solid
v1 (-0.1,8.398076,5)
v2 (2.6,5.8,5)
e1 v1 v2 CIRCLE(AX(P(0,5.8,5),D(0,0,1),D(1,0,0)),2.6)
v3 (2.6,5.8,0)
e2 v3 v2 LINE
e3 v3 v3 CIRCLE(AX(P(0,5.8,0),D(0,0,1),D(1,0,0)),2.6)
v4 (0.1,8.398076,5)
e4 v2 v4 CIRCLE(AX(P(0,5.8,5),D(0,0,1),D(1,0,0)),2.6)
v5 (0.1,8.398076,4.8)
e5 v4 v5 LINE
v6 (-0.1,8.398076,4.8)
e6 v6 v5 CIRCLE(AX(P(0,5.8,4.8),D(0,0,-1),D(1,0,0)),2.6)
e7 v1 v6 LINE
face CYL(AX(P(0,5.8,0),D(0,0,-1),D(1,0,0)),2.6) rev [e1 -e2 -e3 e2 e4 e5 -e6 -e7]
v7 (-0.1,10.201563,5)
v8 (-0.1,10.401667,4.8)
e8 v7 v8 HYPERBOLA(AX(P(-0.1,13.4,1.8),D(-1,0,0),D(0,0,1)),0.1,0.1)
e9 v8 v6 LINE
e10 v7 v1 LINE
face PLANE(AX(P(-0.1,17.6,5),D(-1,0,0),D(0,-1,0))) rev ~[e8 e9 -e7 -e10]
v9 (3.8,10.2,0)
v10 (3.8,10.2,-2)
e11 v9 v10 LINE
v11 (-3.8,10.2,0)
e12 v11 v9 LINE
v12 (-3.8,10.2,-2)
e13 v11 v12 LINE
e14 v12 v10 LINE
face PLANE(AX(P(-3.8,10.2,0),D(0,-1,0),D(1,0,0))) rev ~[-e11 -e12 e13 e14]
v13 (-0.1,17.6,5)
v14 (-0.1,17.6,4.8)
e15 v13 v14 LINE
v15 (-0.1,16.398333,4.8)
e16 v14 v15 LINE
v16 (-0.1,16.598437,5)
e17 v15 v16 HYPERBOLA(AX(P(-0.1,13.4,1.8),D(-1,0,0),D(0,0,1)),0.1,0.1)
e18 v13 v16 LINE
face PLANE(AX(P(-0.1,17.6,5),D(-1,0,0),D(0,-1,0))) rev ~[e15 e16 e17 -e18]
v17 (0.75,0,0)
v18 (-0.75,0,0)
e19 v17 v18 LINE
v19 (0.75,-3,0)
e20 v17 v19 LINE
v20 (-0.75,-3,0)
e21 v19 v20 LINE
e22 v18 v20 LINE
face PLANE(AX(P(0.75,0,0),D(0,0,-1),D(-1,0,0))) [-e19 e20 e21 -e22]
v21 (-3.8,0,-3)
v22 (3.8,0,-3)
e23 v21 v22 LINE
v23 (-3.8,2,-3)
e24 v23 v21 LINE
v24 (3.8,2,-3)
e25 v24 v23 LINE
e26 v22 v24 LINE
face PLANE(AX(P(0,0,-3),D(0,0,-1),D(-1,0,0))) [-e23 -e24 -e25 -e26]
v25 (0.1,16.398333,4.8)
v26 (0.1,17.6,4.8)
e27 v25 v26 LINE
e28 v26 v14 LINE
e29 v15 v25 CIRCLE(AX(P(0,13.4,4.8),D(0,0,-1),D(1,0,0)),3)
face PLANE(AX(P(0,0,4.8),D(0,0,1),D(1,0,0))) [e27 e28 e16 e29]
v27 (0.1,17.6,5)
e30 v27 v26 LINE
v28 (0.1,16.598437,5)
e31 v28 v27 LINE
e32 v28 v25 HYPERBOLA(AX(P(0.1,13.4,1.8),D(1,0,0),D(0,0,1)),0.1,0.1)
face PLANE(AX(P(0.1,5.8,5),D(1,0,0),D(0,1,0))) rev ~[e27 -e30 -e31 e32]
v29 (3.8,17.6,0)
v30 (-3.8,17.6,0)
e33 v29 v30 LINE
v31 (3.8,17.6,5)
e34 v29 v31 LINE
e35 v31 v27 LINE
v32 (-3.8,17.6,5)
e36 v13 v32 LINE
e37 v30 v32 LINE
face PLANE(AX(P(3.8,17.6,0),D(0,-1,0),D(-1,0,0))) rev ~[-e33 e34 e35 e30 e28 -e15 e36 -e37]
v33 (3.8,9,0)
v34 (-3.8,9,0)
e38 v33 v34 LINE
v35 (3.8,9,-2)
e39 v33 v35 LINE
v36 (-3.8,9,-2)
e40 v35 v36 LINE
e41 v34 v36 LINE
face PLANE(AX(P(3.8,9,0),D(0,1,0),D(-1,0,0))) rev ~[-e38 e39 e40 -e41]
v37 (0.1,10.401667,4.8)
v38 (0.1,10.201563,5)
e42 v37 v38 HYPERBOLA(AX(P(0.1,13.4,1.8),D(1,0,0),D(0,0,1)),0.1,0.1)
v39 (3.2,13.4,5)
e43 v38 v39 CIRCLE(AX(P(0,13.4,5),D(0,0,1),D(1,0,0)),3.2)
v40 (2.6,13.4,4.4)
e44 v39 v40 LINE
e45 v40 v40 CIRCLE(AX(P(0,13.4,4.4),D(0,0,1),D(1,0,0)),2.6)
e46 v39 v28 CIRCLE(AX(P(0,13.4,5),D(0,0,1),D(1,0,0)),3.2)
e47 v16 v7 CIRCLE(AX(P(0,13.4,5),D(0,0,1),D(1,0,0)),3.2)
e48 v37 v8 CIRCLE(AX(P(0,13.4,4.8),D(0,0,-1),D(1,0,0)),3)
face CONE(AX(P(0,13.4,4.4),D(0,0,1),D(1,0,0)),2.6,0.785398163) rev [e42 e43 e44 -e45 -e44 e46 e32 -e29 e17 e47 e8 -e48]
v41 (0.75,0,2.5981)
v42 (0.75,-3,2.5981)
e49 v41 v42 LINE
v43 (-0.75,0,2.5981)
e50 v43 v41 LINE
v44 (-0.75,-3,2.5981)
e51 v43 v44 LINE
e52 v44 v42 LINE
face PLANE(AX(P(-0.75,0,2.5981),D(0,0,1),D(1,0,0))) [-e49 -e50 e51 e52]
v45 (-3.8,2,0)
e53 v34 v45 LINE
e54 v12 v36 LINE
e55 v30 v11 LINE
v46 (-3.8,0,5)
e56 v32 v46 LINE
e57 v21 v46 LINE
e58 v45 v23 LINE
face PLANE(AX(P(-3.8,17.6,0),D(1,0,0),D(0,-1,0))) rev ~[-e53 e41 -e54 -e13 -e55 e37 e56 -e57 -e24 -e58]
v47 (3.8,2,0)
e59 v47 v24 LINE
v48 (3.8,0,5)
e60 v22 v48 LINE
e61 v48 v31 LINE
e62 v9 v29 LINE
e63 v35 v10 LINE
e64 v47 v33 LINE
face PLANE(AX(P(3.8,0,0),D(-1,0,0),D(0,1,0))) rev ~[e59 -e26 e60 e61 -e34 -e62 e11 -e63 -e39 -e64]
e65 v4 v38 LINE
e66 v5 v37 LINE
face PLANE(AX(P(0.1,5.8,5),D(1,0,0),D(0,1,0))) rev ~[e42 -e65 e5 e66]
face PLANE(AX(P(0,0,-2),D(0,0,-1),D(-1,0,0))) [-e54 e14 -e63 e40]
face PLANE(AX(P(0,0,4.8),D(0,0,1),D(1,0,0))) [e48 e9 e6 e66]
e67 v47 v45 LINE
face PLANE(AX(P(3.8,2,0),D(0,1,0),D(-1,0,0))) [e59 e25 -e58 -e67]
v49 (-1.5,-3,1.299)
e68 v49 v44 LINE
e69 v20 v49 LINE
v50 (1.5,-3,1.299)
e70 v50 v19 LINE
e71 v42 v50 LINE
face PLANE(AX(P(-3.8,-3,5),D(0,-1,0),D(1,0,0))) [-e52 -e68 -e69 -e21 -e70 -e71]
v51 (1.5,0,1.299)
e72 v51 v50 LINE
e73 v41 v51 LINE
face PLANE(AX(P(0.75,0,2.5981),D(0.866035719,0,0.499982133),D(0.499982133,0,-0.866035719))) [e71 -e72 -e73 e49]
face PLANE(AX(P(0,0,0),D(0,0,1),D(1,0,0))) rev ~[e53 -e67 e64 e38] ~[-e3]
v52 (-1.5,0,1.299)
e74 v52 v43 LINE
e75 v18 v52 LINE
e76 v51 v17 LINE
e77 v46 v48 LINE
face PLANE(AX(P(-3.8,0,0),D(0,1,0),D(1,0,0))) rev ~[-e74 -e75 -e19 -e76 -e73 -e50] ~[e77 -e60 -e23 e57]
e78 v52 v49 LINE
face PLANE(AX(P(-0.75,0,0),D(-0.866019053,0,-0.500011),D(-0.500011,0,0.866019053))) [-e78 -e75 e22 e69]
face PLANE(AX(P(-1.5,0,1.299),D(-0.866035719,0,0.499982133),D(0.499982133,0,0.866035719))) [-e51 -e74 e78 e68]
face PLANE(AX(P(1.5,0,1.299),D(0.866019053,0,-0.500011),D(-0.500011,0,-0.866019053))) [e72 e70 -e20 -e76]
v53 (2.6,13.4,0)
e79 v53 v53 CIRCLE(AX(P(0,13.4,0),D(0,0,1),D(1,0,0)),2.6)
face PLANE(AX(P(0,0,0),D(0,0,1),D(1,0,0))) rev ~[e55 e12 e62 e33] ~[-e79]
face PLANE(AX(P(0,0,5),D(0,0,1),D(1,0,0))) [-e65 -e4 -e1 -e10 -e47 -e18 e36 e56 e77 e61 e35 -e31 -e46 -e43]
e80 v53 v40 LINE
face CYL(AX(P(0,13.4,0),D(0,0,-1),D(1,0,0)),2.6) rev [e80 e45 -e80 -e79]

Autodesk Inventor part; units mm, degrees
ref_plane "YZ Plane" through (0, 0, 0) normal (1, 0, 0) x (0, 1, 0)
ref_plane "XZ Plane" through (0, 0, 0) normal (0, 1, 0) x (-1, 0, 0)
ref_plane "XY Plane" through (0, 0, 0) normal (0, 0, 1) x (1, 0, 0)
sketch "スケッチ1" plane through (0, 0, 0) normal (0, 0, 1) x (1, 0, 0)
  circle A0 centre (0, 5.8) radius 2.6
  circle A1 centre (0, 13.4) radius 2.6
  line L0 (-3.8, 0) -> (3.8, 0)
  line L1 (3.8, 0) -> (3.8, 17.6)
  line L2 (3.8, 17.6) -> (-3.8, 17.6)
  line L3 (-3.8, 17.6) -> (-3.8, 0)
  line L4 (-11.5586, 9.6) -> (11.5586, 9.6) construction
  point P0 (0, 0)
  point P1 (0, 0)
  point P2 (0, 9.6)
  dimension "LED_DIA" = 5.2
  dimension "d1" = 7.6
  dimension "LED_PITCH" = 7.6
  dimension "TOP_MARGIN" = 4.2
  dimension "BOTTOM_MARGIN" = 5.8
extrude "スペーサ" add sketch "スケッチ1" along normal blind 5
sketch "スケッチ2" plane through (0, 0, 0) normal (0, 0, -1) x (-1, 0, 0)
  line L0 (3.8, 17.6) -> (3.8, 0) projected
  line L1 (-3.8, 0) -> (-3.8, 17.6) projected
  line L2 (3.8, 0) -> (-3.8, 0)
  line L3 (-3.8, 0) -> (-3.8, 2)
  line L4 (-3.8, 2) -> (3.8, 2)
  line L5 (3.8, 2) -> (3.8, 0)
  line L6 (3.8, 10.2) -> (-3.8, 10.2)
  line L7 (-3.8, 10.2) -> (-3.8, 9)
  line L8 (-3.8, 9) -> (3.8, 9)
  line L9 (3.8, 9) -> (3.8, 10.2)
  circle A0 centre (0, 5.8) radius 2.9 construction
  circle A1 centre (0, 13.4) radius 2.9 construction
  circle A2 centre (0, 5.8) radius 2.6 construction
  circle A3 centre (0, 13.4) radius 2.6 construction
  line L10 (6.2058, 13.4) -> (-6.2058, 13.4) construction
  line L11 (-6.2058, 5.8) -> (6.2058, 5.8) construction
  line L12 (6.2058, 9.6) -> (-6.2058, 9.6) construction
  point P0 (0, 0)
  point P1 (3.8, 9.6)
  point P2 (-3.8, 9)
  point P3 (3.8, 9)
  point P4 (3.8, 10.2)
  point P5 (-3.8, 10.2)
  dimension "d8" = 5.8
  dimension "d9" = 2
  dimension "d10" = 1.2
extrude "押し出し2" add sketch "スケッチ2" along normal blind 3 contours L0 L2 L1 L4
extrude "押し出し5" add sketch "スケッチ2" along normal blind 2 contours L0 L8 L1 L6
chamfer "面取り1" distance 0.6 angle 45 1 edges at (-2.6, 13.4, 5)
sketch "スケッチ4" plane through (-3.8, 0, 5) normal (0, -1, 0) x (1, 0, 0)
  line L0 (4.55, -5) -> (3.05, -5)
  line L1 (3.05, -5) -> (2.3, -3.701)
  line L2 (2.3, -3.701) -> (3.05, -2.4019)
  line L3 (3.05, -2.4019) -> (4.55, -2.4019)
  line L4 (4.55, -2.4019) -> (5.3, -3.701)
  line L5 (5.3, -3.701) -> (4.55, -5)
  line L6 (0, 0) -> (7.6, 0) projected
  point P0 (3.8, -5)
  point P1 (3.8, -3.701)
  dimension "d19" = 3
extrude "足" add sketch "スケッチ4" along normal blind 3
sketch "スケッチ5" plane through (0, 0, 5) normal (0, 0, 1) x (1, 0, 0)
  line L0 (-0.1, 5.8) -> (0.1, 5.8)
  line L1 (0.1, 5.8) -> (0.1, 17.6)
  line L2 (0.1, 17.6) -> (-0.1, 17.6)
  line L3 (-0.1, 17.6) -> (-0.1, 5.8)
  line L4 (-3.8, 0) -> (3.8, 0) projected
  line L5 (3.8, 17.6) -> (-3.8, 17.6) projected
  point P0 (0, 0)
  point P1 (0, 5.8)
  point P2 (0, 0)
  dimension "d24" = 0.2
extrude "押し出し6" cut sketch "スケッチ5" against normal blind 0.2
properties part number "LED-Spacer1"
